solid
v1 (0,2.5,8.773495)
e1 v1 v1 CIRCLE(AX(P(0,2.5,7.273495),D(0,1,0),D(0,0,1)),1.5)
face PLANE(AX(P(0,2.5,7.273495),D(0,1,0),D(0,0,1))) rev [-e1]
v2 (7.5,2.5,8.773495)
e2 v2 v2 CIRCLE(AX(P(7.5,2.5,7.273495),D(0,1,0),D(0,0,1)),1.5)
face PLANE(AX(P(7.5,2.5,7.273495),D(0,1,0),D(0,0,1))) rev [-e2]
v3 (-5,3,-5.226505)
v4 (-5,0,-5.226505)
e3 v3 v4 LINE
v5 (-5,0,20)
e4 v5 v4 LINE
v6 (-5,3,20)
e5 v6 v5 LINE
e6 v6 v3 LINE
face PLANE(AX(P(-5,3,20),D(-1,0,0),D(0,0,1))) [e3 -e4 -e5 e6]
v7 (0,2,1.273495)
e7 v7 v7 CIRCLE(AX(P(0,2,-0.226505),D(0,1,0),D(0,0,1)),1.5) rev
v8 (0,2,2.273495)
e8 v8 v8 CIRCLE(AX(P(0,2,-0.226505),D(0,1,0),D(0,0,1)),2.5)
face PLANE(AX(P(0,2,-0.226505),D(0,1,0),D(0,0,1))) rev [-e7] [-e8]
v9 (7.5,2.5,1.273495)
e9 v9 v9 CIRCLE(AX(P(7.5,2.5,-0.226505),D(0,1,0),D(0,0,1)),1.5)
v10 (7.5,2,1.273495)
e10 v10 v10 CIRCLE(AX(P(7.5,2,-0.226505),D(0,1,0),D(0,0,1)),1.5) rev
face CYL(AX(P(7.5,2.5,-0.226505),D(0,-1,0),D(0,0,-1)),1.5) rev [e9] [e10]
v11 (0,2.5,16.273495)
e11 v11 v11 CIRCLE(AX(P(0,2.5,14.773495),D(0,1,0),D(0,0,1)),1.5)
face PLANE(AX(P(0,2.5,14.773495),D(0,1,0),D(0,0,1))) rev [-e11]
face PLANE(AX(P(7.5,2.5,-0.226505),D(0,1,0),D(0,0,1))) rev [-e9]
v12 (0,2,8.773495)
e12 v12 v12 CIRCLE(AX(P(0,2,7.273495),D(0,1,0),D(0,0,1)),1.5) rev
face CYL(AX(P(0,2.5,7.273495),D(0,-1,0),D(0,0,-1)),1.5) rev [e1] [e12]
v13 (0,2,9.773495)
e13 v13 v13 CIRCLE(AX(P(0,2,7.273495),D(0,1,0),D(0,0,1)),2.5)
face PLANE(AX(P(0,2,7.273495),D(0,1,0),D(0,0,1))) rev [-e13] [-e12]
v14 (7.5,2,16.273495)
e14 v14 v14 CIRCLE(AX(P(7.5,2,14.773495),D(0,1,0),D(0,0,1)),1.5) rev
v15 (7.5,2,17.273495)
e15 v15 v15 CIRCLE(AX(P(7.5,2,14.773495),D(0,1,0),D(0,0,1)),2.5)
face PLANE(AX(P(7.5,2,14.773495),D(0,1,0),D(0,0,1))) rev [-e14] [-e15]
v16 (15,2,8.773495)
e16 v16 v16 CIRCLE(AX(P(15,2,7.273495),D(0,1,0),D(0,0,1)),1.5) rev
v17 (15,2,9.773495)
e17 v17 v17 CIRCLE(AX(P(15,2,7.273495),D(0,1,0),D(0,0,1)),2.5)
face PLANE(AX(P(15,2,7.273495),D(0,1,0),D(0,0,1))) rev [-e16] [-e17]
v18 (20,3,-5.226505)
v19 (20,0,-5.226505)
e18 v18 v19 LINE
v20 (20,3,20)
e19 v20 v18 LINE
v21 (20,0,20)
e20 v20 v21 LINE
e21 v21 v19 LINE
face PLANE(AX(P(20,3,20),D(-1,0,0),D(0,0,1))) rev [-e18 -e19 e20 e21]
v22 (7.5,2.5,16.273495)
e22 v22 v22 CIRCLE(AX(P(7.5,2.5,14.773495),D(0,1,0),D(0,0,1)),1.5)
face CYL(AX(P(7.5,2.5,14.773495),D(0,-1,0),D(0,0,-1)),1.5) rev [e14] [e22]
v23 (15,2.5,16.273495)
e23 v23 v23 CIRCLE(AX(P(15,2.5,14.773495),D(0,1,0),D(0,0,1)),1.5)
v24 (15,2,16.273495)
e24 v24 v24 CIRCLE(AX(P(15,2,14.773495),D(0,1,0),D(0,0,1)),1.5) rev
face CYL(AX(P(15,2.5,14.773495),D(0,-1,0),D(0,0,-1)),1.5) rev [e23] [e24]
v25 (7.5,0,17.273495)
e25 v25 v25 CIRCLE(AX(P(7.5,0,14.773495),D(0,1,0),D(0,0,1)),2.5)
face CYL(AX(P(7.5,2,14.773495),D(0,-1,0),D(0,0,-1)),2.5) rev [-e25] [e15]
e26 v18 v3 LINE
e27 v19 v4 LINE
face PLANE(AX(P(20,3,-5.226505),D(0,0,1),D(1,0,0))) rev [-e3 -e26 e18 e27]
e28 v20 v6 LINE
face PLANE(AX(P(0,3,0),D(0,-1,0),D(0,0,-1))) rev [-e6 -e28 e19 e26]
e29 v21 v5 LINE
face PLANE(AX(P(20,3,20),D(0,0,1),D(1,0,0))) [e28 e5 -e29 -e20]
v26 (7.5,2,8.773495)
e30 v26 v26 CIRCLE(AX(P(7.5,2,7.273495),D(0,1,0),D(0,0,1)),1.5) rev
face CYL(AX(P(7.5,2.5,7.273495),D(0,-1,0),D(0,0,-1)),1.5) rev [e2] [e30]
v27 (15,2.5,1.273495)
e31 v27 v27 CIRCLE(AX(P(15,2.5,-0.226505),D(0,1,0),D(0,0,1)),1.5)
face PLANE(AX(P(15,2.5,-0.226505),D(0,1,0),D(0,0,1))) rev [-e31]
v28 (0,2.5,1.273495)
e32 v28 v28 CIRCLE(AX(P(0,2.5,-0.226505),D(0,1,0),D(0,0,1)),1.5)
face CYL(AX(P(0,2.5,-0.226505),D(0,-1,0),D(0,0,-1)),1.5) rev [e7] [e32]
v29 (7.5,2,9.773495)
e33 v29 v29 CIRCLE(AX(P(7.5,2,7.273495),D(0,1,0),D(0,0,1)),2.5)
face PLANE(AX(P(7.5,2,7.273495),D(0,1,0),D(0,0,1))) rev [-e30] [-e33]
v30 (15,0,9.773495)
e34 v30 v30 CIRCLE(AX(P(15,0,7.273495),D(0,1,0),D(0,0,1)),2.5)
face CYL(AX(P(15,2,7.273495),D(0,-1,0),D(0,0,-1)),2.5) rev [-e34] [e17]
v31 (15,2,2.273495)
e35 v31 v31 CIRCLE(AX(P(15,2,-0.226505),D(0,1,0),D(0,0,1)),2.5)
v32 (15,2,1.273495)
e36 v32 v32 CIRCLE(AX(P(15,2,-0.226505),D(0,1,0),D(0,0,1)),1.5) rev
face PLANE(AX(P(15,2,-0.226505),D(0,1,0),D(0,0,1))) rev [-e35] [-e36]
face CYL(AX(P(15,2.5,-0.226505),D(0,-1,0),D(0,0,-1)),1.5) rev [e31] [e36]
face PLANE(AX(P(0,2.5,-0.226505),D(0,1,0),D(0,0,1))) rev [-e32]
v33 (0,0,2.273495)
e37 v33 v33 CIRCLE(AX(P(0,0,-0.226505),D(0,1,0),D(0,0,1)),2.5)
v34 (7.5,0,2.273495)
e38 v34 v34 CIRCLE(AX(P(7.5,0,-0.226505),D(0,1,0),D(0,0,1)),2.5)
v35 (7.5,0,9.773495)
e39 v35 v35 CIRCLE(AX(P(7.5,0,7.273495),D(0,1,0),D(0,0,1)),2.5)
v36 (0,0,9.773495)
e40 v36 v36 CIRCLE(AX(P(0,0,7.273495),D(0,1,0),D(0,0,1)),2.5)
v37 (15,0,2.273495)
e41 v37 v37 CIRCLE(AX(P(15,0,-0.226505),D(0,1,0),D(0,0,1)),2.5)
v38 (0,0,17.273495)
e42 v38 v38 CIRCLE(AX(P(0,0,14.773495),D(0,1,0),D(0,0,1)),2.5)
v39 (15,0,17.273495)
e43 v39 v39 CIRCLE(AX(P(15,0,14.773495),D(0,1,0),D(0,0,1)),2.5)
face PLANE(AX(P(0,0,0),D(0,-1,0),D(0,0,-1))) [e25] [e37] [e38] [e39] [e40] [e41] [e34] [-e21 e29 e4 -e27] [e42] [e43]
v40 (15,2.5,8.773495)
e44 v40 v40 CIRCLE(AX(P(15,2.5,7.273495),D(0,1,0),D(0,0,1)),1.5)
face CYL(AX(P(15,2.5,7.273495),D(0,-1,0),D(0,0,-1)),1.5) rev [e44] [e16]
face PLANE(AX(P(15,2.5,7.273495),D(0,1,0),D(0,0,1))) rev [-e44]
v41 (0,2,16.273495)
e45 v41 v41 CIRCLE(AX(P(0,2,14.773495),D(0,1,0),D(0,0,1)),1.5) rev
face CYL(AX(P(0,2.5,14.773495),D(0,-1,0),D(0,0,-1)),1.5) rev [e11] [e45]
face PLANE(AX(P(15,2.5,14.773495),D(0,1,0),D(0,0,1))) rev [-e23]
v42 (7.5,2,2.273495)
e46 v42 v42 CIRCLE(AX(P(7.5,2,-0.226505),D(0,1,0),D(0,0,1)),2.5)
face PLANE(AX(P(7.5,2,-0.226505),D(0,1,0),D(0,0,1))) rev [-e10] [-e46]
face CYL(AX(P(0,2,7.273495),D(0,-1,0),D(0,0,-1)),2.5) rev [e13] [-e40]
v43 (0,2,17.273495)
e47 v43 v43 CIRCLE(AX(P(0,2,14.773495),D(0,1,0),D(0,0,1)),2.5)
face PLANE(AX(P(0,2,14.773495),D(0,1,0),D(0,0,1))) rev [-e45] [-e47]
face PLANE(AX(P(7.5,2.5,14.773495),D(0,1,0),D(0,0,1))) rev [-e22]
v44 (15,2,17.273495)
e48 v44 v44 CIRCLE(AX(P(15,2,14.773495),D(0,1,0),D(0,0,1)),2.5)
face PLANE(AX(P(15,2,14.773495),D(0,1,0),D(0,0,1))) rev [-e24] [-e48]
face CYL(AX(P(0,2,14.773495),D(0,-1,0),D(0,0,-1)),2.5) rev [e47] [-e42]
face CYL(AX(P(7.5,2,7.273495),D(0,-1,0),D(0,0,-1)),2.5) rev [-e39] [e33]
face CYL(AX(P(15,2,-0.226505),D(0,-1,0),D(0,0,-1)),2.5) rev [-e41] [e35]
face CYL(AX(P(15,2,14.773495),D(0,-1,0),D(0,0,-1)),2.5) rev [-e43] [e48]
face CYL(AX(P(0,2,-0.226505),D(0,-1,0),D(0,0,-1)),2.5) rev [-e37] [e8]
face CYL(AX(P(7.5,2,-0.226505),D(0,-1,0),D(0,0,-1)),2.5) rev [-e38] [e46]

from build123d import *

# Parameters (mm, degrees)
SKETCH_1_W                  = 25
SKETCH_1_H                  = 25.22650516
EXTRUDE_1_DEPTH             = 3
SKETCH_1_3_R                = 2.5
CUT_EXTRUDE_1_DEPTH         = 2
PATTERN_LINEAR_1_COUNT      = 3
PATTERN_LINEAR_1_PITCH      = 7.5
PATTERN_LINEAR_1_COUNT_DIR2 = 3
PATTERN_LINEAR_1_PITCH_DIR2 = 7.5
SKETCH_1_4_R                = 1.5
CUT_EXTRUDE_2_DEPTH         = 2.5
PATTERN_LINEAR_2_COUNT      = 3
PATTERN_LINEAR_2_PITCH      = 7.5
PATTERN_LINEAR_2_COUNT_DIR2 = 3
PATTERN_LINEAR_2_PITCH_DIR2 = 7.5


with BuildPart() as part:
    # 草图1 → 凸台-拉伸1 (new body)
    with BuildSketch(Plane(origin=(0, 0, 0), x_dir=(1, 0, 0), z_dir=(0, 1, 0))):
        with Locations((7.5, -7.38674742)):
            Rectangle(SKETCH_1_W, SKETCH_1_H)
    extrude(amount=EXTRUDE_1_DEPTH)

    # 草图1<3> → 切除-拉伸1 (cut)
    with BuildSketch(Plane(origin=(0, 0, 0), x_dir=(1, 0, 0), z_dir=(0, 1, 0))):
        with Locations((15, -14.77349484)):
            Circle(SKETCH_1_3_R)
    cut_extrude_1 = extrude(amount=CUT_EXTRUDE_1_DEPTH, mode=Mode.SUBTRACT)

    # 阵列(线性)1: Cut-Extrude 1 3 × 3
    with Locations(*[(-j * PATTERN_LINEAR_1_PITCH_DIR2, 0, -i * PATTERN_LINEAR_1_PITCH) for i in range(PATTERN_LINEAR_1_COUNT) for j in range(PATTERN_LINEAR_1_COUNT_DIR2) if (i, j) != (0, 0)]):
        add(cut_extrude_1, mode=Mode.SUBTRACT)

    # 草图1<4> → 切除-拉伸2 (cut)
    with BuildSketch(Plane(origin=(0, 0, 0), x_dir=(1, 0, 0), z_dir=(0, 1, 0))):
        with Locations((15, -14.77349484)):
            Circle(SKETCH_1_4_R)
    cut_extrude_2 = extrude(amount=CUT_EXTRUDE_2_DEPTH, mode=Mode.SUBTRACT)

    # 阵列(线性)2: Cut-Extrude 2 3 × 3
    with Locations(*[(-j * PATTERN_LINEAR_2_PITCH_DIR2, 0, -i * PATTERN_LINEAR_2_PITCH) for i in range(PATTERN_LINEAR_2_COUNT) for j in range(PATTERN_LINEAR_2_COUNT_DIR2) if (i, j) != (0, 0)]):
        add(cut_extrude_2, mode=Mode.SUBTRACT)


solid = part.part
